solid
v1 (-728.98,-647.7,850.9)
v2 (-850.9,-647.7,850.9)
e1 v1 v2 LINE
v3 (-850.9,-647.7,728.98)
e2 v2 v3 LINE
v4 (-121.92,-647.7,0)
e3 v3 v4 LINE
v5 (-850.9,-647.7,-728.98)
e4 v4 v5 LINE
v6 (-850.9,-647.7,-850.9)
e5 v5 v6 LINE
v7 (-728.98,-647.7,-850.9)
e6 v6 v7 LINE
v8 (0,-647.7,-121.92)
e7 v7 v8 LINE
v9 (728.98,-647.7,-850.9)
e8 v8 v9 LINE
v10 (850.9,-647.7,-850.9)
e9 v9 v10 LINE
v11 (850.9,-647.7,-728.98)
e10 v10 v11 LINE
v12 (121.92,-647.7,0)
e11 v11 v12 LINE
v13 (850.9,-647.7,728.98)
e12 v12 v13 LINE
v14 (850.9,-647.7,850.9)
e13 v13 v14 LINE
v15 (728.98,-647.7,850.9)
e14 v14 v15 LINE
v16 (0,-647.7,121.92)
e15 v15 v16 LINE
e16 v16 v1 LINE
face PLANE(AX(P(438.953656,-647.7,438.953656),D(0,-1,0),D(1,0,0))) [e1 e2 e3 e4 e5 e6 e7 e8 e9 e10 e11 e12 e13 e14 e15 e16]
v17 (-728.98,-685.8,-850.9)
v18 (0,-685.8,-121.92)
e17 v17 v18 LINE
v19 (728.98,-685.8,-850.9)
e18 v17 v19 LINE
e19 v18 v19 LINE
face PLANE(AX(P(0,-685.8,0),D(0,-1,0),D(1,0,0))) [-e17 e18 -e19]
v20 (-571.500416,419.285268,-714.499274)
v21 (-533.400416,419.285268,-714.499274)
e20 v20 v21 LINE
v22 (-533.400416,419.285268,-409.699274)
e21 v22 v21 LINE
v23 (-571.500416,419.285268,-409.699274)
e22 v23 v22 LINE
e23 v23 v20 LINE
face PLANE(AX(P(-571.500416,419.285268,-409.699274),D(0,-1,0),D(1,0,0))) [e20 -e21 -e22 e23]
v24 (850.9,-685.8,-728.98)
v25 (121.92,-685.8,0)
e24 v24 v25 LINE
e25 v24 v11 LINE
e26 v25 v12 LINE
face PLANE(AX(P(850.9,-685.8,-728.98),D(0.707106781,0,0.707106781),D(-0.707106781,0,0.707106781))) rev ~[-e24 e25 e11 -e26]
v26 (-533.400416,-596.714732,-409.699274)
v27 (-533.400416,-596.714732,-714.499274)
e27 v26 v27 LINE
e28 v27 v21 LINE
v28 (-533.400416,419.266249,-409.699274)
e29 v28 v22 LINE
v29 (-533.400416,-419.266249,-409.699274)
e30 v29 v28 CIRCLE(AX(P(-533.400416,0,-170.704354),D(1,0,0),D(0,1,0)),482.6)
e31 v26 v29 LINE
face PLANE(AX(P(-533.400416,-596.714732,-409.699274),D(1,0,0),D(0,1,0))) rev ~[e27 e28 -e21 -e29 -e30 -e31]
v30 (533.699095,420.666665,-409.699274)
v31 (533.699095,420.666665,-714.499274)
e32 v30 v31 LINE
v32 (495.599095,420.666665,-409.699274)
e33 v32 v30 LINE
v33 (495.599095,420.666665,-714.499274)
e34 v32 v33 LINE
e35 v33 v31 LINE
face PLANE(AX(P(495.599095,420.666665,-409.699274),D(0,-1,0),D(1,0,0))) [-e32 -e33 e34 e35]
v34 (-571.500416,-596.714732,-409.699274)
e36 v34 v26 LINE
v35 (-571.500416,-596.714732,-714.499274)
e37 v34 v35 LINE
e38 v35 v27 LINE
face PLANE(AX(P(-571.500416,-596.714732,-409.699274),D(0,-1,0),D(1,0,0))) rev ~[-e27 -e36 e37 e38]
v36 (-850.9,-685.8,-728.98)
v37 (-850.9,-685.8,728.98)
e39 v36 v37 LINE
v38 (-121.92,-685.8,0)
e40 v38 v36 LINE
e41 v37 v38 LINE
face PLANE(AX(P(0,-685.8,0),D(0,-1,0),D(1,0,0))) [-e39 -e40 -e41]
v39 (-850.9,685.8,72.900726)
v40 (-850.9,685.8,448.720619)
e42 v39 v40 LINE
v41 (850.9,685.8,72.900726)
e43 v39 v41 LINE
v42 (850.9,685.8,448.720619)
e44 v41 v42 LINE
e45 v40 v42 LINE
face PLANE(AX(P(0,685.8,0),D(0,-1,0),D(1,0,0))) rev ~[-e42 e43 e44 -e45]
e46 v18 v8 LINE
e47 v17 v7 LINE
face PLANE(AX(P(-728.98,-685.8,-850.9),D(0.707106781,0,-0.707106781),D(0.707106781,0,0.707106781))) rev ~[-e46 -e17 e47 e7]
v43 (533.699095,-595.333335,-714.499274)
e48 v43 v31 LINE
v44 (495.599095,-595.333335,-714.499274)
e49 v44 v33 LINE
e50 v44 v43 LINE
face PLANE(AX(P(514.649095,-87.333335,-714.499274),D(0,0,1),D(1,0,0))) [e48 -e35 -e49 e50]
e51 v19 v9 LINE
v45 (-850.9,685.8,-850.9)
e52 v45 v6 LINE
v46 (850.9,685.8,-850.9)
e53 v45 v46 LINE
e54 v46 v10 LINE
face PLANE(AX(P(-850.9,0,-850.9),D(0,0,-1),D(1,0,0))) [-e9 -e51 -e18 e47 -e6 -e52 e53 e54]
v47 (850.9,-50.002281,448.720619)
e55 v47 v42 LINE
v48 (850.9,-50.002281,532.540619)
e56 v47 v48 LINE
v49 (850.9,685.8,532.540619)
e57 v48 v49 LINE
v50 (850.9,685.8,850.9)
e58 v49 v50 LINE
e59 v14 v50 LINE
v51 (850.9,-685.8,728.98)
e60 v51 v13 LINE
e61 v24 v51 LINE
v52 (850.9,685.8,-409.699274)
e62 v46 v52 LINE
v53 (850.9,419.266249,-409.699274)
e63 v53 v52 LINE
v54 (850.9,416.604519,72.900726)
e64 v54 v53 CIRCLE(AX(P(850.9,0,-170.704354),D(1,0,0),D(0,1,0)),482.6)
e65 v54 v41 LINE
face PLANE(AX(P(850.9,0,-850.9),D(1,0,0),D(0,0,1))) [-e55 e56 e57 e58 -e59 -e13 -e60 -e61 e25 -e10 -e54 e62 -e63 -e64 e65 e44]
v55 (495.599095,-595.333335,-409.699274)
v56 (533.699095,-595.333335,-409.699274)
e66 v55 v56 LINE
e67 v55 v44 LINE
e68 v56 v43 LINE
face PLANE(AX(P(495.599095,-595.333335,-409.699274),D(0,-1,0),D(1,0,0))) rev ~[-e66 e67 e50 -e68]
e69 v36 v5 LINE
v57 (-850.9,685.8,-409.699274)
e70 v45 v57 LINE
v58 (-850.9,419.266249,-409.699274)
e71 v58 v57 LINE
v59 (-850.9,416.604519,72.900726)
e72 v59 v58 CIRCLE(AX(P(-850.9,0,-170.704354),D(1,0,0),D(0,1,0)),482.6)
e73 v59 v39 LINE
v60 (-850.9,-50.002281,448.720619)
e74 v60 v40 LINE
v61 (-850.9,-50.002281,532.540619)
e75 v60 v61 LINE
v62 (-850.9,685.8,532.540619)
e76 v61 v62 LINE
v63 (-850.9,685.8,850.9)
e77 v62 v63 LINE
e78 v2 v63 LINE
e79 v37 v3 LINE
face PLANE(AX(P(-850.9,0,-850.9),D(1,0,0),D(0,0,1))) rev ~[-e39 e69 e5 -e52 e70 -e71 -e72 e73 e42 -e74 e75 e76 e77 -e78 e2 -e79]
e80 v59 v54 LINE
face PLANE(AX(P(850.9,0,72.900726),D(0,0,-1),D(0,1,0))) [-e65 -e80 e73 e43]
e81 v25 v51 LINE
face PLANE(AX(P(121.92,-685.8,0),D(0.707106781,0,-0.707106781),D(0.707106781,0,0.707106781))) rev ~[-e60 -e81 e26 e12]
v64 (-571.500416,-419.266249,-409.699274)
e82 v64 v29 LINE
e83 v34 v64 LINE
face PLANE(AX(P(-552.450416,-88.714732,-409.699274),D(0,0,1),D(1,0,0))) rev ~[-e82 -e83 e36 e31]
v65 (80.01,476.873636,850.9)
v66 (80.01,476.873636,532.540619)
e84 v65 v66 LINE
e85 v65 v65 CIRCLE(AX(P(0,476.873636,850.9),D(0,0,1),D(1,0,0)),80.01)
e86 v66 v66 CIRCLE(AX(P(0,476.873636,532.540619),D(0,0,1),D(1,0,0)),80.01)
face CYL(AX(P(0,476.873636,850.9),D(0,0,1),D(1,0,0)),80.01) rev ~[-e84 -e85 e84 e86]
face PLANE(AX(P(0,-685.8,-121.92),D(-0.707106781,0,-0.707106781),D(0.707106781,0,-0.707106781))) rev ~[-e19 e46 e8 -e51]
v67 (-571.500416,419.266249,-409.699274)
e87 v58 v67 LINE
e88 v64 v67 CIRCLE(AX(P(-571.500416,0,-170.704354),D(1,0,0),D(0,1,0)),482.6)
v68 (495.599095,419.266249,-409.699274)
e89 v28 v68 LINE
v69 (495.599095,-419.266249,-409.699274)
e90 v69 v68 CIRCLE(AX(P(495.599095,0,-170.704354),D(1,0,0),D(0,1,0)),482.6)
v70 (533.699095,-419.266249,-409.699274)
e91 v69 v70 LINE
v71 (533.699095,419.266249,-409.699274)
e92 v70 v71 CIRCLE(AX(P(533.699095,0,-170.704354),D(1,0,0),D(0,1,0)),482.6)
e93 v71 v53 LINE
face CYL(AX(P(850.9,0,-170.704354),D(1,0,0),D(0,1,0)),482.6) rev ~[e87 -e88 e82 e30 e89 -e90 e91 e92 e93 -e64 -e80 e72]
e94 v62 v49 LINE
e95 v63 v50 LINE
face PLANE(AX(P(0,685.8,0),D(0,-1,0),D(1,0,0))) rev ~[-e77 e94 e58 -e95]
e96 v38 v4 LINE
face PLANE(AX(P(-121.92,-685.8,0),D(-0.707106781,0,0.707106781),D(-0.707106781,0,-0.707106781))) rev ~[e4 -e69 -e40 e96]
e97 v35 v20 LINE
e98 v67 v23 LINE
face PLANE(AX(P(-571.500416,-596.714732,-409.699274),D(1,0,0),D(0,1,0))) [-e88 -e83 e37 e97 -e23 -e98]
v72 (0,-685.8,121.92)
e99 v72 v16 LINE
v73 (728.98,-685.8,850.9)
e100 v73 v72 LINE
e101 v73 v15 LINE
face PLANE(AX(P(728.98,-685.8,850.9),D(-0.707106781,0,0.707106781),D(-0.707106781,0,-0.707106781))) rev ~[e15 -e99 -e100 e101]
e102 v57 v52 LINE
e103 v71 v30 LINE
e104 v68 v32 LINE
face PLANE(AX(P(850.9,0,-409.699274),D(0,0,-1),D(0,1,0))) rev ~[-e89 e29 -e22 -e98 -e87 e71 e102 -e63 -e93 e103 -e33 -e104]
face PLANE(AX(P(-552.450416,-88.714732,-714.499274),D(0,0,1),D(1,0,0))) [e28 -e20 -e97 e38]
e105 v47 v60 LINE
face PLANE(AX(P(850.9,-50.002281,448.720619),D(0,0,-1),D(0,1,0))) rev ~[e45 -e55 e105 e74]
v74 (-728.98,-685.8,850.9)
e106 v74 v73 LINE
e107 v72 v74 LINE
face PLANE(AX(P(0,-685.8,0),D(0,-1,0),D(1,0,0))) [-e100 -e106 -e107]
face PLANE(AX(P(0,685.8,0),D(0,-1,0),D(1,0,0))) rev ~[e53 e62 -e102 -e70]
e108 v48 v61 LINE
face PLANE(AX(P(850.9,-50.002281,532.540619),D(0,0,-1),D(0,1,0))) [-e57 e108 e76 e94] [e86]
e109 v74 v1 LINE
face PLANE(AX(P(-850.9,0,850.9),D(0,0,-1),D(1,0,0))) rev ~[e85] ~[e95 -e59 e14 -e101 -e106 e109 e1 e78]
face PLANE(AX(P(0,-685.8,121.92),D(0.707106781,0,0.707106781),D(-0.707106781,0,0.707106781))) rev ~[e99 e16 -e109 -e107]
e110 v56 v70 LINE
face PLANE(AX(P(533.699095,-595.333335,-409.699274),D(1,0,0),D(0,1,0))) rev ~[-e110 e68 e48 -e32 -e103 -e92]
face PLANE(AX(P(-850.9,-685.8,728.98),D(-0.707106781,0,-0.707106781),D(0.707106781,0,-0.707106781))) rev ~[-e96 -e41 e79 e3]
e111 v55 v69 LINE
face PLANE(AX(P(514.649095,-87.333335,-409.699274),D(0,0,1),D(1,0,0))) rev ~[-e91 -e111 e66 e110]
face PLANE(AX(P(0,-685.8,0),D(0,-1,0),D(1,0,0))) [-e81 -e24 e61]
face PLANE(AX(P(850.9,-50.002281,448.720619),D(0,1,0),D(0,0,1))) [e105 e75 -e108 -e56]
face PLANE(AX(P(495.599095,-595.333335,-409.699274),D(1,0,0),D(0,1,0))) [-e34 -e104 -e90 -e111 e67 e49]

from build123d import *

# Parameters (mm, degrees)
F0_W          = 1701.8
F0_H          = 1701.8
F1_DEPTH      = 685.8
F1_DEPTH_BACK = 685.8
F3_R          = 482.6
F5_DEPTH      = 1778
F4_W          = 741.2019371986
F4_H          = 241.3
F6_DEPTH      = 1778
F7_W          = 762
F7_H          = 83.82
F8_DEPTH      = 1778
F10_DEPTH     = 38.1
F12_R         = 80.01
F13_DEPTH     = 320.04
F15_W         = 38.1
F15_H         = 1016
F16_DEPTH     = 304.8


with BuildPart() as f1:
    # F0 (on Front) → F1 (new body, two sides)
    with BuildSketch(Plane.XZ) as f1_sk:
        Rectangle(F0_W, F0_H)
    extrude(amount=F1_DEPTH)
    extrude(f1_sk.sketch, amount=-F1_DEPTH_BACK)

    # F3 (on face) → F5 (cut)
    with BuildSketch(Plane.YZ.offset(850.9)):
        with Locations((0, -170.704353589)):
            Circle(F3_R)
    extrude(amount=-F5_DEPTH, mode=Mode.SUBTRACT)

    # F4 (on face) → F6 (cut)
    with BuildSketch(Plane.YZ.offset(850.9)):
        with Locations((370.6009685993, -47.7492743492)):
            Rectangle(F4_W, F4_H)
        Polygon((741.2019371986, -168.3992743492), (0, -168.3992743492), (0, -409.6992743492), (741.8479657151, -409.6992743492), (741.8479657151, -168.3992743492), align=None)
    extrude(amount=-F6_DEPTH, mode=Mode.SUBTRACT)

    # F7 (on face) → F8 (cut)
    with BuildSketch(Plane.YZ.offset(850.9)):
        with Locations((330.9977193773, 490.6306193733)):
            Rectangle(F7_W, F7_H)
    extrude(amount=-F8_DEPTH, mode=Mode.SUBTRACT)

    # F9 (on face) → F10 (cut)
    with BuildSketch(Plane.XZ.offset(685.8)):
        Polygon((850.9, 728.98), (850.9, 850.9), (728.98, 850.9), (0, 121.92), (121.92, 0), align=None)
        Polygon((850.9, -728.98), (121.92, 0), (0, -121.92), (728.98, -850.9), (850.9, -850.9), align=None)
        Polygon((0, -121.92), (121.92, 0), (0, 121.92), (-121.92, 0), align=None)
        Polygon((-121.92, 0), (0, 121.92), (-728.98, 850.9), (-850.9, 850.9), (-850.9, 728.98), align=None)
        Polygon((-728.98, -850.9), (0, -121.92), (-121.92, 0), (-850.9, -728.98), (-850.9, -850.9), align=None)
    extrude(amount=-F10_DEPTH, mode=Mode.SUBTRACT)

    # F12 (on face) → F13 (cut)
    with BuildSketch(Plane.XY.offset(850.9)):
        with Locations((0, 476.8736362457)):
            Circle(F12_R)
    extrude(amount=-F13_DEPTH, mode=Mode.SUBTRACT)

    # F15 (on face) → F16 (cut)
    with BuildSketch(Plane.XY.offset(-409.6992743492)):
        with Locations((514.6490952492, -87.3333351612)):
            Rectangle(F15_W, F15_H)
        with Locations((-552.4504163742, -88.7147324085)):
            Rectangle(F15_W, F15_H)
    extrude(amount=-F16_DEPTH, mode=Mode.SUBTRACT)


solid = f1.part
